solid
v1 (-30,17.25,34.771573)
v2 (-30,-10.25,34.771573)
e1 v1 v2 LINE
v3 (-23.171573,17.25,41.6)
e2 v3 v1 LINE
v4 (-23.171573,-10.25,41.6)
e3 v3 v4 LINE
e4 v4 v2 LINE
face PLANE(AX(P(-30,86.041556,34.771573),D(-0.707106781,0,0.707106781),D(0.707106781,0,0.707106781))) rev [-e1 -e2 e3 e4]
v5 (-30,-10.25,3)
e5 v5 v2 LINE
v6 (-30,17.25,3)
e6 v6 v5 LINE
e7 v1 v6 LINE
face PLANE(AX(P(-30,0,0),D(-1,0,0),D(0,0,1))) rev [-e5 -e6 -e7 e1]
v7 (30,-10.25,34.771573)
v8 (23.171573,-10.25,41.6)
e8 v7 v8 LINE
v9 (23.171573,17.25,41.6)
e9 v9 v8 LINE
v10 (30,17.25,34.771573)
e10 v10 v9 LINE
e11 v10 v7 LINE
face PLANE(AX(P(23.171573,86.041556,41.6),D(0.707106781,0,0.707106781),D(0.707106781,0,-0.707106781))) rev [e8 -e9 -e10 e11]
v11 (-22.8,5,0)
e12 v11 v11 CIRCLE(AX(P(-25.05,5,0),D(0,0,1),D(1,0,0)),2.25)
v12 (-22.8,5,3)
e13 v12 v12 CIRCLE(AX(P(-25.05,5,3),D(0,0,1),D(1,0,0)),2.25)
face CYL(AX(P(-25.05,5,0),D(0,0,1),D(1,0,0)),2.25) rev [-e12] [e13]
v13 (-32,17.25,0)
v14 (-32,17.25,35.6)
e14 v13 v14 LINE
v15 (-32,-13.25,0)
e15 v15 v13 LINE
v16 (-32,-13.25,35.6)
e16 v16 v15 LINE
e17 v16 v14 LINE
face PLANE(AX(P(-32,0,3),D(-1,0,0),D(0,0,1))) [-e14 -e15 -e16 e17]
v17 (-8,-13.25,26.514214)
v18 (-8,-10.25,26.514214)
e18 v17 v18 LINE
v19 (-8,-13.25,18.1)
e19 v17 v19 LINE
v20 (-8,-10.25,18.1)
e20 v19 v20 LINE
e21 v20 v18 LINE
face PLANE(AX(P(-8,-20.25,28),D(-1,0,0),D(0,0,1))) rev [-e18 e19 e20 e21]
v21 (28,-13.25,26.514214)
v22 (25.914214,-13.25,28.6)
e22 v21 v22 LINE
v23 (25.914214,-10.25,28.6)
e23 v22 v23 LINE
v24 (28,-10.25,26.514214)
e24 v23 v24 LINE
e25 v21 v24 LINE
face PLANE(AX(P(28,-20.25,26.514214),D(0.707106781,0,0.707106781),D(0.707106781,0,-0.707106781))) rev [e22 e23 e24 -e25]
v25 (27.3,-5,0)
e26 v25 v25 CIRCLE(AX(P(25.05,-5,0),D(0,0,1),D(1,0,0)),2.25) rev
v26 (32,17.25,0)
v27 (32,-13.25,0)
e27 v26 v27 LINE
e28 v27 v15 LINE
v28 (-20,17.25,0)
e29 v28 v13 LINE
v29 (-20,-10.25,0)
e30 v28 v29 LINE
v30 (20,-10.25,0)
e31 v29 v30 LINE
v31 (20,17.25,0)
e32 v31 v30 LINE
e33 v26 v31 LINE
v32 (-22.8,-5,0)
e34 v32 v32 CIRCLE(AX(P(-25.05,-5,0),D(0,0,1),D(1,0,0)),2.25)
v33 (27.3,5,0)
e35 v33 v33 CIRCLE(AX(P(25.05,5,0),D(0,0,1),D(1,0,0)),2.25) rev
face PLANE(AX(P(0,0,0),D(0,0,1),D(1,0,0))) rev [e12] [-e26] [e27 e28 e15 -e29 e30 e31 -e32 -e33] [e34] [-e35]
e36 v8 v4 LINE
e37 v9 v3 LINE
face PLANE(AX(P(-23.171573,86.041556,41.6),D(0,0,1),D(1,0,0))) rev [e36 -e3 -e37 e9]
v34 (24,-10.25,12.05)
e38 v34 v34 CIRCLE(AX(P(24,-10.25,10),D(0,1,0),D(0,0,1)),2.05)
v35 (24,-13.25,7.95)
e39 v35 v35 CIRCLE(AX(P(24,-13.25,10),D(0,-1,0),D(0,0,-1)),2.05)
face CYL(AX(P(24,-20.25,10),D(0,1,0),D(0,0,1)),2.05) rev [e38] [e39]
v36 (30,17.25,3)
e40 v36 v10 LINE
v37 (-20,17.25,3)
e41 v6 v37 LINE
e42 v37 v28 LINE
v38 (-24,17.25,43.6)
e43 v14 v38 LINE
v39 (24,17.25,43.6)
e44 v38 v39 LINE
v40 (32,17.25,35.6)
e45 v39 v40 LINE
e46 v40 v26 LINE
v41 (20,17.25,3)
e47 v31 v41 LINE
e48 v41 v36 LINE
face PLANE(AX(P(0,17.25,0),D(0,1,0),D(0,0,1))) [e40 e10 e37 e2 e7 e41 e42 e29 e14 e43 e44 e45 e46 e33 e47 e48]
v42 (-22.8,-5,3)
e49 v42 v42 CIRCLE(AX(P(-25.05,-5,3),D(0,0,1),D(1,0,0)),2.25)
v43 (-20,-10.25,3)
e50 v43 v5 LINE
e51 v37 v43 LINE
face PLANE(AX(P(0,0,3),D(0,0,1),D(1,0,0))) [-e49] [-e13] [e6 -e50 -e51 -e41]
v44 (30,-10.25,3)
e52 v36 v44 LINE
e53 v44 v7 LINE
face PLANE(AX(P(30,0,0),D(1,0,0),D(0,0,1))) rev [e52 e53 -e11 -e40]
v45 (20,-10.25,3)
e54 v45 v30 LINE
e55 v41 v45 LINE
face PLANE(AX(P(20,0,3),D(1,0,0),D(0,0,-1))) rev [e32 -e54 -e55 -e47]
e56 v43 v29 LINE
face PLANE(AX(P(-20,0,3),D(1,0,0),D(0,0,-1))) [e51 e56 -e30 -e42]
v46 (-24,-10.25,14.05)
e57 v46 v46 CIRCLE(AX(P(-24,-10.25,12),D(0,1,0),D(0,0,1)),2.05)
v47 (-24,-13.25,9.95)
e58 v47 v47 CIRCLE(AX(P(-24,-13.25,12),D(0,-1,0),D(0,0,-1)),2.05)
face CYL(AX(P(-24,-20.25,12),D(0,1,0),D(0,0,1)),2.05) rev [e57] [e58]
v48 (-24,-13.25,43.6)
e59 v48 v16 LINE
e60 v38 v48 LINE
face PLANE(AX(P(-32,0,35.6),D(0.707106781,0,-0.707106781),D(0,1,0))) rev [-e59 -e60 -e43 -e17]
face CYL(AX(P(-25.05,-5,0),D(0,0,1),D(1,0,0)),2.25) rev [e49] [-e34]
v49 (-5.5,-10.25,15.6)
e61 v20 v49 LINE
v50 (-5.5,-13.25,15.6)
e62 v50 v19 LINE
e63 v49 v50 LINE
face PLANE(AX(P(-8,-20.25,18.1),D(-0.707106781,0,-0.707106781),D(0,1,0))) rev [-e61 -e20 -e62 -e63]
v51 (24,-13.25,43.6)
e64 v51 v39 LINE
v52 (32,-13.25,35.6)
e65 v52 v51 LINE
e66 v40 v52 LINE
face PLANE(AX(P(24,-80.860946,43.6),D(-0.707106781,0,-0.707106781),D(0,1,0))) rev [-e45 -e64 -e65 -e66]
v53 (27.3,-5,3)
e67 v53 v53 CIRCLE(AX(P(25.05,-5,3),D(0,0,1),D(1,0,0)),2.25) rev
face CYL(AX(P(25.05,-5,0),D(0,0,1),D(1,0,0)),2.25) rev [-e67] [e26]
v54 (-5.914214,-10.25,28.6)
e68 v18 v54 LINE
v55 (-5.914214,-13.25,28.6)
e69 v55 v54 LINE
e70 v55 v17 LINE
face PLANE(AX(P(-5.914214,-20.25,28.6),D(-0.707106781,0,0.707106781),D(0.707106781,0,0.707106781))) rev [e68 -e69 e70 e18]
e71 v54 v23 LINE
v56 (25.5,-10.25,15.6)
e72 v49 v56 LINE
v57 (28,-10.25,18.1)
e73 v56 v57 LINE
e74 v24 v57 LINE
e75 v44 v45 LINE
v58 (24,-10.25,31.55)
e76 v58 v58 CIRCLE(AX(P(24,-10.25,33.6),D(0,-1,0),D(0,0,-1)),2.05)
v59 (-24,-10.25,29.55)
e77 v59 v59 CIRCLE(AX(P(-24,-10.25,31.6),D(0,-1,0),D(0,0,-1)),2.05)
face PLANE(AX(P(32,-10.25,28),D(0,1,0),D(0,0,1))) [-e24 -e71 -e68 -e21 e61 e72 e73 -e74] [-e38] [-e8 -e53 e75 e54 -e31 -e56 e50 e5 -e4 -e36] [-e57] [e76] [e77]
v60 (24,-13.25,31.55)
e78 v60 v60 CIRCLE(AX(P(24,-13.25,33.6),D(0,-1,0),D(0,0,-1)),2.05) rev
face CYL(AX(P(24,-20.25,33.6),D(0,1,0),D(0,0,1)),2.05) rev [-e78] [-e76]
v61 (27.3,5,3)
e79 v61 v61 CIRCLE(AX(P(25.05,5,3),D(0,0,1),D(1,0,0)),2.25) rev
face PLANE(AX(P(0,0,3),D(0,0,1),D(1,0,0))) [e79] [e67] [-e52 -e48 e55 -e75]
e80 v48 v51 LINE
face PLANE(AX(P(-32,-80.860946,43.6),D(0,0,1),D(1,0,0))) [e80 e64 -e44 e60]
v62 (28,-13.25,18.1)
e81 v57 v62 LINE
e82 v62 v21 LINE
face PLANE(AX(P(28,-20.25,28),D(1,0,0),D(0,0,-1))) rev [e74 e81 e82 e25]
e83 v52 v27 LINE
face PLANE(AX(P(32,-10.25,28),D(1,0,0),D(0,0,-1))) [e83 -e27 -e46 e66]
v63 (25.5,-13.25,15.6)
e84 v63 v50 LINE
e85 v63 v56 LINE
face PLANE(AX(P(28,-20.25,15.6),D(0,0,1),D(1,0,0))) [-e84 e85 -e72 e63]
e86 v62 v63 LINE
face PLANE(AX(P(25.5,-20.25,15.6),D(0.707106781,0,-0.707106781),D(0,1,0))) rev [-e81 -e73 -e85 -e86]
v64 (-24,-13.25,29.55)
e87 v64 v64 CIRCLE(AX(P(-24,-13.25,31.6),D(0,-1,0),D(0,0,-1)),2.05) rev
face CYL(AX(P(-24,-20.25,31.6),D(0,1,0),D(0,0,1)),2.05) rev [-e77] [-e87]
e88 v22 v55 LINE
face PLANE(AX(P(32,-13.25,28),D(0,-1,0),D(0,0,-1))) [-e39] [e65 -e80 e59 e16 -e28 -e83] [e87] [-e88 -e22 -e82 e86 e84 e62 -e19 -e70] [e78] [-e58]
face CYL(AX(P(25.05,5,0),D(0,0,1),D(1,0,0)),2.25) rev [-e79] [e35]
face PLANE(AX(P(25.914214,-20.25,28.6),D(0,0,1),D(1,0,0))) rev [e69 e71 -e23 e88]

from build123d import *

# Parameters (mm, degrees)
SKETCH1_W               = 12
SKETCH1_H               = 20.5
ARM_MOUNTS_DEPTH        = 3
ARM_MOUNTS_2_DEPTH      = 3
ARM_HOLES_DEPTH         = 34.735181932
ARM_HOLES_DEPTH_BACK    = 3
SKETCH2_R               = 2.25
SKETCH3_W               = 64
SKETCH3_H               = 3
BOTTOM_PLATE_DEPTH      = 28
SIDE_RIBS_DEPTH         = 2
SKETCH5_W               = 36
SKETCH5_H               = 12
CUT_EXTRUDE2_DEPTH      = 10
SKETCH6_R               = 2.05
MOUNTING_HOLES_DEPTH    = 10
CUT_EXTRUDE4_DEPTH      = 48.204343021
CUT_EXTRUDE4_DEPTH_BACK = 48.204343021
SKETCH8_W               = 64
SKETCH8_H               = 6.2
SKETCH10_W              = 64
SKETCH10_H              = 21.8
BOSS_EXTRUDE7_DEPTH     = 3
CHAMFER3_SIZE           = 5
CHAMFER4_SIZE           = 2.5
CHAMFER5_SIZE           = 8
CUT_EXTRUDE5_DEPTH      = 10
BOSS_EXTRUDE8_DEPTH     = 20.5
BOSS_EXTRUDE9_DEPTH     = 7


with BuildPart() as part:
    # Sketch1 → Arm Mounts (new body)
    with BuildSketch(Plane.XY):
        with Locations((26, 0)):
            Rectangle(SKETCH1_W, SKETCH1_H)
    extrude(amount=ARM_MOUNTS_DEPTH)


with BuildPart() as body_2:
    # Sketch1 → Arm Mounts 2 (new body)
    with BuildSketch(Plane.XY):
        with Locations((-26, 0)):
            Rectangle(SKETCH1_W, SKETCH1_H)
    extrude(amount=ARM_MOUNTS_2_DEPTH)


with BuildPart() as arm_holes_tool:
    # Sketch2 → Arm Holes (new, two sides: drawn at the far end of the back side and taken through both)
    with BuildSketch(Plane(origin=(0, 0, 3), x_dir=(-1, 0, 0), z_dir=(0, 0, -1)).offset(-ARM_HOLES_DEPTH_BACK)):
        with Locations(Location((25.05, 5, 0), (0, 0, 180))):
            Circle(SKETCH2_R)
        with Locations(Location((25.05, -5, 0), (0, 0, 180))):
            Circle(SKETCH2_R)
        with Locations(Location((-25.05, -5, 0), (0, 0, 180))):
            Circle(SKETCH2_R)
        with Locations(Location((-25.05, 5, 0), (0, 0, 180))):
            Circle(SKETCH2_R)
    extrude(amount=ARM_HOLES_DEPTH + ARM_HOLES_DEPTH_BACK)


with BuildPart() as part_1:
    add(part.part)

    # Arm Holes: cut by arm_holes_tool
    add(arm_holes_tool.part, mode=Mode.SUBTRACT)



with BuildPart() as body_2_1:
    add(body_2.part)

    # Arm Holes: cut by arm_holes_tool
    add(arm_holes_tool.part, mode=Mode.SUBTRACT)


with BuildPart() as part_2:
    add(part_1.part)

    add(body_2_1.part)  # Bottom Plate merges body 2
    # Sketch3 → Bottom Plate (add)
    with BuildSketch(Plane(origin=(0, 0, 0), x_dir=(-1, 0, 0), z_dir=(0, 0, -1))):
        with Locations((0, -11.75)):
            Rectangle(SKETCH3_W, SKETCH3_H)
    extrude(amount=-BOTTOM_PLATE_DEPTH)

    # Sketch4 → Side Ribs (add)
    with BuildSketch(Plane.ZY.offset(32)):
        Polygon((3, 10.25), (28, -10.25), (3, -10.25), align=None)
    side_ribs = extrude(amount=-SIDE_RIBS_DEPTH)

    # Rib Mirror: Side Ribs across plane
    add(side_ribs.mirror(Plane(origin=(0, 0, 0), x_dir=(0, 0, 1), z_dir=(1, 0, 0))))

    # Sketch5 → Cut-Extrude2 (cut)
    with BuildSketch(Plane(origin=(0, -10.25, 0), x_dir=(1, 0, 0), z_dir=(0, 1, 0))):
        with Locations((10, -22)):
            Rectangle(SKETCH5_W, SKETCH5_H)
    cut_extrude2 = extrude(amount=-CUT_EXTRUDE2_DEPTH, mode=Mode.SUBTRACT)

    # Sketch6 → Mounting Holes (cut)
    with BuildSketch(Plane(origin=(0, -10.25, 0), x_dir=(1, 0, 0), z_dir=(0, 1, 0))):
        with Locations(Location((-24, -12, 0), (0, 0, 270))):
            Circle(SKETCH6_R)
        with Locations(Location((24, -10, 0), (0, 0, 270))):
            Circle(SKETCH6_R)
    mounting_holes = extrude(amount=-MOUNTING_HOLES_DEPTH, mode=Mode.SUBTRACT)

    # Sketch8 → Cut-Extrude4 (cut, two sides: drawn at the far end of the back side and taken through both)
    with BuildSketch(Plane(origin=(0, -10.25, 0), x_dir=(1, 0, 0), z_dir=(0, 1, 0)).offset(-CUT_EXTRUDE4_DEPTH_BACK)):
        with Locations((0, -24.9)):
            Rectangle(SKETCH8_W, SKETCH8_H)
    extrude(amount=CUT_EXTRUDE4_DEPTH + CUT_EXTRUDE4_DEPTH_BACK, mode=Mode.SUBTRACT)

    # Sketch10 → Boss-Extrude7 (add)
    with BuildSketch(Plane(origin=(0, -10.25, 0), x_dir=(1, 0, 0), z_dir=(0, 1, 0))):
        with Locations((0, -32.7)):
            Rectangle(SKETCH10_W, SKETCH10_H)
    extrude(amount=-BOSS_EXTRUDE7_DEPTH)

    # Mirror5: Cut-Extrude2, Mounting Holes across plane
    add(cut_extrude2.mirror(Plane.XY.offset(21.8)), mode=Mode.SUBTRACT)
    add(mounting_holes.mirror(Plane.XY.offset(21.8)), mode=Mode.SUBTRACT)

    # Chamfer3
    chamfer3_edges = [part_2.edges().sort_by_distance(p)[0] for p in [
        (31, -10.25, 21.8),
        (-31, -10.25, 21.8),
    ]]
    chamfer(chamfer3_edges, length=CHAMFER3_SIZE)

    # Chamfer4
    chamfer4_edges = [part_2.edges().sort_by_distance(p)[0] for p in [
        (28, -11.75, 15.6),
        (28, -11.75, 27.6),
        (-8, -11.75, 27.6),
        (-8, -11.75, 15.6),
    ]]
    chamfer(chamfer4_edges, length=CHAMFER4_SIZE)

    # Chamfer5
    chamfer5_edges = [part_2.edges().sort_by_distance(p)[0] for p in [
        (32, -11.75, 43.6),
        (-32, -11.75, 43.6),
    ]]
    chamfer(chamfer5_edges, length=CHAMFER5_SIZE)

    # Sketch11 → Cut-Extrude5 (cut)
    with BuildSketch(Plane(origin=(0, -10.25, 0), x_dir=(1, 0, 0), z_dir=(0, 1, 0))):
        Polygon((-8, -25.1), (-8, -26.514213562), (-5.914213562, -28.6), (25.914213562, -28.6), (28, -26.514213562), (28, -25.1), align=None)
    extrude(amount=-CUT_EXTRUDE5_DEPTH, mode=Mode.SUBTRACT)

    # Sketch12 → Boss-Extrude8 (add)
    with BuildSketch(Plane(origin=(0, -10.25, 0), x_dir=(1, 0, 0), z_dir=(0, 1, 0))):
        Polygon((-32, -26.8), (-32, -3), (-30, -3), (-30, -26.8), (-30, -34.771572875), (-23.171572875, -41.6), (23.171572875, -41.6), (30, -34.771572875), (30, -26.8), (30, -3), (32, -3), (32, -26.8), (32, -35.6), (24, -43.6), (-24, -43.6), (-32, -35.6), align=None)
    extrude(amount=BOSS_EXTRUDE8_DEPTH)

    # Sketch13 → Boss-Extrude9 (add)
    with BuildSketch(Plane(origin=(0, 10.25, 0), x_dir=(1, 0, 0), z_dir=(0, 1, 0))):
        Polygon((-20, 0), (-32, 0), (-32, -35.6), (-24, -43.6), (24, -43.6), (32, -35.6), (32, 0), (20, 0), (20, -3), (30, -3), (30, -34.771572875), (23.171572875, -41.6), (-23.171572875, -41.6), (-30, -34.771572875), (-30, -3), (-20, -3), align=None)
    extrude(amount=BOSS_EXTRUDE9_DEPTH)


solid = part_2.part
